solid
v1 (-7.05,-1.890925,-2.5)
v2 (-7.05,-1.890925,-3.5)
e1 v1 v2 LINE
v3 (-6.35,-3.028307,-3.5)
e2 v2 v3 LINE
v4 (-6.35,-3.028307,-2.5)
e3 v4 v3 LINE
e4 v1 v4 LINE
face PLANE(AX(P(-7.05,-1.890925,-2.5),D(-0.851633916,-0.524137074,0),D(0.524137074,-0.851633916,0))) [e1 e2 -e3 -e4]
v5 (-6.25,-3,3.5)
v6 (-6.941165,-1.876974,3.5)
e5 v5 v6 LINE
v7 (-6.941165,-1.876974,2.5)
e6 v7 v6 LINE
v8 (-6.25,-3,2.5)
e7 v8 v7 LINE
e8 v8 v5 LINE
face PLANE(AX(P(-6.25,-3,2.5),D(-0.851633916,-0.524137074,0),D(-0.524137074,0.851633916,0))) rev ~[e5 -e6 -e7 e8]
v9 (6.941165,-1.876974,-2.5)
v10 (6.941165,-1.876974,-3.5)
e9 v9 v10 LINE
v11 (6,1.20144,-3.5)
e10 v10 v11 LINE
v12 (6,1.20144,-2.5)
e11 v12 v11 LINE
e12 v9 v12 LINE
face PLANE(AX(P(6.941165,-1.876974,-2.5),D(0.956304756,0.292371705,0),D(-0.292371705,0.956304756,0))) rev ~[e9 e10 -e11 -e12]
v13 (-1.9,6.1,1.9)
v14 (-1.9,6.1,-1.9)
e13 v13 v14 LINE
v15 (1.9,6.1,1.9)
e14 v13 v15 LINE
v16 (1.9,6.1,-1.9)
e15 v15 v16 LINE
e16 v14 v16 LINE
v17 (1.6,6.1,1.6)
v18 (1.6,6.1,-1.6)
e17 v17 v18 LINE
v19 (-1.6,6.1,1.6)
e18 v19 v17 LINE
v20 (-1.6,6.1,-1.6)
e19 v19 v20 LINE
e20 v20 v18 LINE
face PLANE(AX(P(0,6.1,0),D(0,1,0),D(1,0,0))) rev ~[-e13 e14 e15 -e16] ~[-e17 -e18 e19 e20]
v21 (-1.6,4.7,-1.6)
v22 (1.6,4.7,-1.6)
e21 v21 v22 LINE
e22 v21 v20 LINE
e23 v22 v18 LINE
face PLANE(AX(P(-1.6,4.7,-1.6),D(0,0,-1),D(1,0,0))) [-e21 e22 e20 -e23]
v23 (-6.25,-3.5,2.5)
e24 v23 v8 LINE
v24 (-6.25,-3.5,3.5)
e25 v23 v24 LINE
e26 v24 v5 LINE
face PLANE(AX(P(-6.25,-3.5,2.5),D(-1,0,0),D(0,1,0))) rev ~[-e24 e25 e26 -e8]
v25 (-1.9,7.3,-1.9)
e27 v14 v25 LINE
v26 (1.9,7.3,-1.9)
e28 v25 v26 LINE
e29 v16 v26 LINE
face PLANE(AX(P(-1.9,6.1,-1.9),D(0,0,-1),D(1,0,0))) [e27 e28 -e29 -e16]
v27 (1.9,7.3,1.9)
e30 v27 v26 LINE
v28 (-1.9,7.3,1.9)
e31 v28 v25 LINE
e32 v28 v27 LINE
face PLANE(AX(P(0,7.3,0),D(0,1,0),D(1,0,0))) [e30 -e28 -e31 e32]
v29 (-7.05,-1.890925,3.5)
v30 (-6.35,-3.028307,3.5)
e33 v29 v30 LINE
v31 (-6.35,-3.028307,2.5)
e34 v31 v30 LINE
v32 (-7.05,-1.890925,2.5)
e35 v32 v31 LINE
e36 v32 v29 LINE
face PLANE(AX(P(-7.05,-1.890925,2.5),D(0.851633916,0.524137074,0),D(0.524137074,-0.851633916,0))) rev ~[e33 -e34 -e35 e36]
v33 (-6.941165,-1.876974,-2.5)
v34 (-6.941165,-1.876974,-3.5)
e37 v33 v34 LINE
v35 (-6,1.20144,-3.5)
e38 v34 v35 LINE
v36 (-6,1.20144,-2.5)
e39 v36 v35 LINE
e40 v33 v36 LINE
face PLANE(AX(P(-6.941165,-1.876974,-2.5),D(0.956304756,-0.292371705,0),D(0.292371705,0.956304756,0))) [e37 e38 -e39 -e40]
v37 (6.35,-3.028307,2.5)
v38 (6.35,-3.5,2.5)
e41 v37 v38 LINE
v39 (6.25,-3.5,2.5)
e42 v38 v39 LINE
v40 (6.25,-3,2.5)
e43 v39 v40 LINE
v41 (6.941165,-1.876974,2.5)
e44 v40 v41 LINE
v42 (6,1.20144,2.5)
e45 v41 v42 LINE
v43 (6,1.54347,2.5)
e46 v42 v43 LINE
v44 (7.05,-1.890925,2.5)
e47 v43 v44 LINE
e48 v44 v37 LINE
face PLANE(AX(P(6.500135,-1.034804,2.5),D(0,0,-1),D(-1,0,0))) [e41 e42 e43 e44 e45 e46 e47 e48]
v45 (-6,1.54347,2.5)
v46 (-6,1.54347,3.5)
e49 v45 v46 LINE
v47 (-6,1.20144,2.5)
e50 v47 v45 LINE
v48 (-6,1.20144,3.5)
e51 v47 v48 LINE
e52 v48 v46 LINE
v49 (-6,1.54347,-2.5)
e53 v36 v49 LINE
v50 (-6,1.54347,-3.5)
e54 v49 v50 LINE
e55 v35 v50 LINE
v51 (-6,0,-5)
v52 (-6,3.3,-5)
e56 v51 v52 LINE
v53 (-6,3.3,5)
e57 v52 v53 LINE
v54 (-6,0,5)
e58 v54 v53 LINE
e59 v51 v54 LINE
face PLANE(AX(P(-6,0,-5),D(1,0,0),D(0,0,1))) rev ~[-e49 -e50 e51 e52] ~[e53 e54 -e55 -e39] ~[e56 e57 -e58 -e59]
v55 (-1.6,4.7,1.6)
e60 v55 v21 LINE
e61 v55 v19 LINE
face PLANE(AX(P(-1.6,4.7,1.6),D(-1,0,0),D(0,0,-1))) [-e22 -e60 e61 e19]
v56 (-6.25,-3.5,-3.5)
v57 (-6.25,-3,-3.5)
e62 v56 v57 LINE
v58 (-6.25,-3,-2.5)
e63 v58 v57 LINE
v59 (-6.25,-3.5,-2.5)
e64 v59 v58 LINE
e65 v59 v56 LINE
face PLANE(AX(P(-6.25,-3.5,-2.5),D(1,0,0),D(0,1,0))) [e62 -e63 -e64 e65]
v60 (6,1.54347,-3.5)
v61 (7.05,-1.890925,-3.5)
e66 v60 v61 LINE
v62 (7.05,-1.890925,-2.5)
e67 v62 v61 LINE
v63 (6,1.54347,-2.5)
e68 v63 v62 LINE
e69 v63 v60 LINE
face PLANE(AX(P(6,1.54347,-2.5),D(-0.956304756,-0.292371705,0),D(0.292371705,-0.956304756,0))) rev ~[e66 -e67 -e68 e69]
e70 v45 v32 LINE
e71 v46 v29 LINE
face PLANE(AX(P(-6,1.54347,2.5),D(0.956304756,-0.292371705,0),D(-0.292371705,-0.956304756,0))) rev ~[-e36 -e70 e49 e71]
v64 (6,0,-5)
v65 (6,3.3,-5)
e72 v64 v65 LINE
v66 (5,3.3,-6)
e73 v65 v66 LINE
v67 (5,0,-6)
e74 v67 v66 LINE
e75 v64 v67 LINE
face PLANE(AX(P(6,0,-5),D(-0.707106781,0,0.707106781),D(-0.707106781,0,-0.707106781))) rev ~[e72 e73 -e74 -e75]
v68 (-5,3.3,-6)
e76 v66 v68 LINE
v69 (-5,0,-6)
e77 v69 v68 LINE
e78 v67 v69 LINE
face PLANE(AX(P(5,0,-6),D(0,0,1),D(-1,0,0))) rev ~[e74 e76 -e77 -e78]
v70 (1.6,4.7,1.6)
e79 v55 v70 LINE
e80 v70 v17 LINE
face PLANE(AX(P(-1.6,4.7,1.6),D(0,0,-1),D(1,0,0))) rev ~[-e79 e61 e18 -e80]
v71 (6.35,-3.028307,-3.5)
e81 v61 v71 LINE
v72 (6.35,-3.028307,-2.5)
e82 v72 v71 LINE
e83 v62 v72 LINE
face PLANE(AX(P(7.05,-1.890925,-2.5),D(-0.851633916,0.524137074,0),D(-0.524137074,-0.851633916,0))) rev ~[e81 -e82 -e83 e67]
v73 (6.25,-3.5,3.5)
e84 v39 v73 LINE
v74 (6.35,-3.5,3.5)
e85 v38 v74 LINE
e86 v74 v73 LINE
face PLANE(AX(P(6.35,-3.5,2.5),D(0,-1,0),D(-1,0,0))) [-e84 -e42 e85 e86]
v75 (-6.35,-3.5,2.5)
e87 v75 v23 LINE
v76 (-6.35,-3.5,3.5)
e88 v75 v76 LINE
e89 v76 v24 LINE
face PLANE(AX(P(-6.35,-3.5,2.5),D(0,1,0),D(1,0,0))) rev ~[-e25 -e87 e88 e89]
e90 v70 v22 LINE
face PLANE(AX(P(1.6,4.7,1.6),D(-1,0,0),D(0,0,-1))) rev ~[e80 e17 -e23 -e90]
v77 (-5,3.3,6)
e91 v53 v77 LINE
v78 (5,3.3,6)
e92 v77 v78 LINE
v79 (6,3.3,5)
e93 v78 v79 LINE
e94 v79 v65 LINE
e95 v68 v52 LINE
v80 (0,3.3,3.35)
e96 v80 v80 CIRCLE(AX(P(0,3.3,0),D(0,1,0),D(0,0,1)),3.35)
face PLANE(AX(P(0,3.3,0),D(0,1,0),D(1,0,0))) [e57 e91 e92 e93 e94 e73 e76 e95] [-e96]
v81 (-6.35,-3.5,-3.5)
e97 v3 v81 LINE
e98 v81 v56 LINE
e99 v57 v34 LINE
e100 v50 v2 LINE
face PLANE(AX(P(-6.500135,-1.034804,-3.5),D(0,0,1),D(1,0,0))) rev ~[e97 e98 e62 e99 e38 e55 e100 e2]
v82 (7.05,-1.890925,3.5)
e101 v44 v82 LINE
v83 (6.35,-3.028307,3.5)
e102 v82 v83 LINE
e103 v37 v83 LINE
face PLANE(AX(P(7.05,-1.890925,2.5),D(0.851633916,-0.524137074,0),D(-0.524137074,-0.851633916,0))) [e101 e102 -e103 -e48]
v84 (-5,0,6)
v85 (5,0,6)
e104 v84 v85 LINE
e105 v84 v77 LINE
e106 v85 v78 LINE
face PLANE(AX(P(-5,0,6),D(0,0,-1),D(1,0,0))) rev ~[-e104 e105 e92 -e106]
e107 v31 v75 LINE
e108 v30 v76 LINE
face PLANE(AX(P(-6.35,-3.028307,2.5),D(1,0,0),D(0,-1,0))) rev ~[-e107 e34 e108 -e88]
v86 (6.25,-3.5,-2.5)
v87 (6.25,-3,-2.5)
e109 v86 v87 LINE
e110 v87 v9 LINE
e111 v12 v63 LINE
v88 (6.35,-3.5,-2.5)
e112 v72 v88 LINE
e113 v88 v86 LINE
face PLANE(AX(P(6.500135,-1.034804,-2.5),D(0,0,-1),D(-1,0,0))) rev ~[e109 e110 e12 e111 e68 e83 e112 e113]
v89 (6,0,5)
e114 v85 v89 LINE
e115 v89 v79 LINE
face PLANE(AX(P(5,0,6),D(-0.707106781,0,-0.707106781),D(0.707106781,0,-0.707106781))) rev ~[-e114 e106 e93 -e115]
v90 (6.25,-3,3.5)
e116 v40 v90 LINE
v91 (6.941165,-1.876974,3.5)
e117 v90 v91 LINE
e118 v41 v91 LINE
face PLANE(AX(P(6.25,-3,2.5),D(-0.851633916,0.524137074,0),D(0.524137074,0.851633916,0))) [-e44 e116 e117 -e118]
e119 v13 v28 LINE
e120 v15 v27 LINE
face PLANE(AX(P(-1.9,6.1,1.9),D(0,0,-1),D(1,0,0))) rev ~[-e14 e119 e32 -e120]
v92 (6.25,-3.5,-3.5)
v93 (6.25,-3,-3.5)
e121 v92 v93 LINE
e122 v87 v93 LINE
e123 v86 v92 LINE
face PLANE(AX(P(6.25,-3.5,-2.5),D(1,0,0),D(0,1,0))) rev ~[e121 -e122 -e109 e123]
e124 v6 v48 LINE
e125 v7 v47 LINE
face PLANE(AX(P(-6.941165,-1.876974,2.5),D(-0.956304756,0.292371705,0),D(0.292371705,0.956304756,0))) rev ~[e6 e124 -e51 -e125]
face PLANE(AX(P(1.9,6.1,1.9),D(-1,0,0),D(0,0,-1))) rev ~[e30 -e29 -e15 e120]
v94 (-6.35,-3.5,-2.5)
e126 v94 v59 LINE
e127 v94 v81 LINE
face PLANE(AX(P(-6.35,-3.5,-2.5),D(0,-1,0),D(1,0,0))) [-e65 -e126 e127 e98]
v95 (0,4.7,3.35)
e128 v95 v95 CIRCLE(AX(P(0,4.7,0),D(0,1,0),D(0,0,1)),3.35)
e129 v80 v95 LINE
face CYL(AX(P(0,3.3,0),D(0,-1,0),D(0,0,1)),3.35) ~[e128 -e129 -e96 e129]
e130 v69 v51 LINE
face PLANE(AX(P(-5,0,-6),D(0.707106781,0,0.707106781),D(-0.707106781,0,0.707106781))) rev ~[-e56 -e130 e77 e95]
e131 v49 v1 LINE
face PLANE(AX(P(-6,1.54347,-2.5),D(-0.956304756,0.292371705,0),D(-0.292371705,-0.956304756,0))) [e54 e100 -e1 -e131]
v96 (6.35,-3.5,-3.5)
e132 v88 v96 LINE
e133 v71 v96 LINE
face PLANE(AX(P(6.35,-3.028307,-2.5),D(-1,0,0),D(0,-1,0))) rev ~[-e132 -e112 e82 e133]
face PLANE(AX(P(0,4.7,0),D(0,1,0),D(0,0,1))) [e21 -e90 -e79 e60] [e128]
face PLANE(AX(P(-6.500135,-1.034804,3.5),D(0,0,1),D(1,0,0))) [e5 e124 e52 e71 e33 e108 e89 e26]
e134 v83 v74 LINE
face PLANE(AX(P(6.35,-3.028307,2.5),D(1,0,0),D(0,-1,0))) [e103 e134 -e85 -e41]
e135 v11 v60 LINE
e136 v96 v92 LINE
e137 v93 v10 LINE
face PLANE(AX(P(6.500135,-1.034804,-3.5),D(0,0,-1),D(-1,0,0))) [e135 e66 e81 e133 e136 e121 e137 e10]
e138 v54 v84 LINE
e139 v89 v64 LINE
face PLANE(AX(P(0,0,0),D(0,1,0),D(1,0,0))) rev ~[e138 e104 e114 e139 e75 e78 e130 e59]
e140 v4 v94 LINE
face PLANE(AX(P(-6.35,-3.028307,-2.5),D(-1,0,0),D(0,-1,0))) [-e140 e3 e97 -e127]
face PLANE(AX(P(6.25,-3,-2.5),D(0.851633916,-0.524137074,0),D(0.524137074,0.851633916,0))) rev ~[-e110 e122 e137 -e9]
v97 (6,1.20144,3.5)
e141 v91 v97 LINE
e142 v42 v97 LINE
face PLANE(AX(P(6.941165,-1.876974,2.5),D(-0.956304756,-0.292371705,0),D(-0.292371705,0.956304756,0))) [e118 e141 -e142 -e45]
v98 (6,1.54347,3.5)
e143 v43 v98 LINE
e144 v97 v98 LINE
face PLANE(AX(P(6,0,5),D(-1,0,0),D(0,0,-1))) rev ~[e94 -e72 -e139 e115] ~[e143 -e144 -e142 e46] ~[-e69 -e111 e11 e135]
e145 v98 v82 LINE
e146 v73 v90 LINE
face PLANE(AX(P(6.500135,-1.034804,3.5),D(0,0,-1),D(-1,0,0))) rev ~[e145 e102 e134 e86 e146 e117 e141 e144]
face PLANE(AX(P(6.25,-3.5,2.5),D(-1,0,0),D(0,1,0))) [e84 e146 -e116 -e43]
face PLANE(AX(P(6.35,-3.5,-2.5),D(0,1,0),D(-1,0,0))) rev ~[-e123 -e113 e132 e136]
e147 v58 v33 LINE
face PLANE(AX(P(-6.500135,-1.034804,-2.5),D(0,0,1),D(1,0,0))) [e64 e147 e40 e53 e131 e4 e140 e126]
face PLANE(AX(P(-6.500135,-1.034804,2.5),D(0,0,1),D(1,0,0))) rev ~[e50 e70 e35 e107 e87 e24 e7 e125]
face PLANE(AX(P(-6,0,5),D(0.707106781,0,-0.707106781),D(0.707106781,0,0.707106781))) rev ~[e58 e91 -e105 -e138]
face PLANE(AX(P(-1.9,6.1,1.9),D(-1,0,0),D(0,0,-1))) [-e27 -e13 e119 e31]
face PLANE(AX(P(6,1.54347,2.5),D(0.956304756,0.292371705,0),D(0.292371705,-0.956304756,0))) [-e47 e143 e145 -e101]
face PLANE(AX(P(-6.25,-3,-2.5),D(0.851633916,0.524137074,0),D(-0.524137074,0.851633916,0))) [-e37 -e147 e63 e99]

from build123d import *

# Parameters (mm, degrees)
BOSS_EXTRUDE1_DEPTH = 3.3
BOSS_EXTRUDE2_START = 3.3
SKETCH3_R           = 3.35
BOSS_EXTRUDE2_DEPTH = 1.4
BOSS_EXTRUDE3_START = 4.7
SKETCH3_3_W         = 3.2
SKETCH3_3_H         = 3.2
BOSS_EXTRUDE3_DEPTH = 1.4
BOSS_EXTRUDE4_START = 6.1
SKETCH3_4_W         = 3.8
SKETCH3_4_H         = 3.8
BOSS_EXTRUDE4_DEPTH = 1.2
BOSS_EXTRUDE5_START = 2.5
BOSS_EXTRUDE5_DEPTH = 1
BOSS_EXTRUDE6_START = -2.5
BOSS_EXTRUDE6_DEPTH = 1


with BuildPart() as part:
    # Sketch1 → Boss-Extrude1 (new body)
    with BuildSketch(Plane(origin=(0, 0, 0), x_dir=(1, 0, 0), z_dir=(0, 1, 0))):
        Polygon((-5, 6), (-6, 5), (-6, -5), (-5, -6), (5, -6), (6, -5), (6, 5), (5, 6), align=None)
    extrude(amount=BOSS_EXTRUDE1_DEPTH)

    # Sketch3 → Boss-Extrude2 (add)
    with BuildSketch(Plane(origin=(0, 0, 0), x_dir=(1, 0, 0), z_dir=(0, 1, 0)).offset(BOSS_EXTRUDE2_START)):
        with Locations(Location((0, 0, 0), (0, 0, 270))):
            Circle(SKETCH3_R)
    extrude(amount=BOSS_EXTRUDE2_DEPTH)

    # Sketch3<3> → Boss-Extrude3 (add)
    with BuildSketch(Plane(origin=(0, 0, 0), x_dir=(1, 0, 0), z_dir=(0, 1, 0)).offset(BOSS_EXTRUDE3_START)):
        Rectangle(SKETCH3_3_W, SKETCH3_3_H)
    extrude(amount=BOSS_EXTRUDE3_DEPTH)

    # Sketch3<4> → Boss-Extrude4 (add)
    with BuildSketch(Plane(origin=(0, 0, 0), x_dir=(1, 0, 0), z_dir=(0, 1, 0)).offset(BOSS_EXTRUDE4_START)):
        Rectangle(SKETCH3_4_W, SKETCH3_4_H)
    extrude(amount=BOSS_EXTRUDE4_DEPTH)

    # Sketch4 → Boss-Extrude5 (add)
    with BuildSketch(Plane.XY.offset(BOSS_EXTRUDE5_START)):
        Polygon((6, 1.543469882), (7.05, -1.890925367), (6.35, -3.028306733), (6.35, -3.5), (6.25, -3.5), (6.25, -3), (6.941165312, -1.876973505), (6, 1.20143952), align=None)
        Polygon((-6.941165312, -1.876973505), (-6, 1.20143952), (-6, 1.543469882), (-7.05, -1.890925367), (-6.35, -3.028306733), (-6.35, -3.5), (-6.25, -3.5), (-6.25, -3), align=None)
    extrude(amount=BOSS_EXTRUDE5_DEPTH)

    # Sketch4<2> → Boss-Extrude6 (add)
    with BuildSketch(Plane.XY.offset(BOSS_EXTRUDE6_START)):
        Polygon((6, 1.543469882), (7.05, -1.890925367), (6.35, -3.028306733), (6.35, -3.5), (6.25, -3.5), (6.25, -3), (6.941165312, -1.876973505), (6, 1.20143952), align=None)
        Polygon((-6.941165312, -1.876973505), (-6, 1.20143952), (-6, 1.543469882), (-7.05, -1.890925367), (-6.35, -3.028306733), (-6.35, -3.5), (-6.25, -3.5), (-6.25, -3), align=None)
    extrude(amount=-BOSS_EXTRUDE6_DEPTH)


solid = part.part
